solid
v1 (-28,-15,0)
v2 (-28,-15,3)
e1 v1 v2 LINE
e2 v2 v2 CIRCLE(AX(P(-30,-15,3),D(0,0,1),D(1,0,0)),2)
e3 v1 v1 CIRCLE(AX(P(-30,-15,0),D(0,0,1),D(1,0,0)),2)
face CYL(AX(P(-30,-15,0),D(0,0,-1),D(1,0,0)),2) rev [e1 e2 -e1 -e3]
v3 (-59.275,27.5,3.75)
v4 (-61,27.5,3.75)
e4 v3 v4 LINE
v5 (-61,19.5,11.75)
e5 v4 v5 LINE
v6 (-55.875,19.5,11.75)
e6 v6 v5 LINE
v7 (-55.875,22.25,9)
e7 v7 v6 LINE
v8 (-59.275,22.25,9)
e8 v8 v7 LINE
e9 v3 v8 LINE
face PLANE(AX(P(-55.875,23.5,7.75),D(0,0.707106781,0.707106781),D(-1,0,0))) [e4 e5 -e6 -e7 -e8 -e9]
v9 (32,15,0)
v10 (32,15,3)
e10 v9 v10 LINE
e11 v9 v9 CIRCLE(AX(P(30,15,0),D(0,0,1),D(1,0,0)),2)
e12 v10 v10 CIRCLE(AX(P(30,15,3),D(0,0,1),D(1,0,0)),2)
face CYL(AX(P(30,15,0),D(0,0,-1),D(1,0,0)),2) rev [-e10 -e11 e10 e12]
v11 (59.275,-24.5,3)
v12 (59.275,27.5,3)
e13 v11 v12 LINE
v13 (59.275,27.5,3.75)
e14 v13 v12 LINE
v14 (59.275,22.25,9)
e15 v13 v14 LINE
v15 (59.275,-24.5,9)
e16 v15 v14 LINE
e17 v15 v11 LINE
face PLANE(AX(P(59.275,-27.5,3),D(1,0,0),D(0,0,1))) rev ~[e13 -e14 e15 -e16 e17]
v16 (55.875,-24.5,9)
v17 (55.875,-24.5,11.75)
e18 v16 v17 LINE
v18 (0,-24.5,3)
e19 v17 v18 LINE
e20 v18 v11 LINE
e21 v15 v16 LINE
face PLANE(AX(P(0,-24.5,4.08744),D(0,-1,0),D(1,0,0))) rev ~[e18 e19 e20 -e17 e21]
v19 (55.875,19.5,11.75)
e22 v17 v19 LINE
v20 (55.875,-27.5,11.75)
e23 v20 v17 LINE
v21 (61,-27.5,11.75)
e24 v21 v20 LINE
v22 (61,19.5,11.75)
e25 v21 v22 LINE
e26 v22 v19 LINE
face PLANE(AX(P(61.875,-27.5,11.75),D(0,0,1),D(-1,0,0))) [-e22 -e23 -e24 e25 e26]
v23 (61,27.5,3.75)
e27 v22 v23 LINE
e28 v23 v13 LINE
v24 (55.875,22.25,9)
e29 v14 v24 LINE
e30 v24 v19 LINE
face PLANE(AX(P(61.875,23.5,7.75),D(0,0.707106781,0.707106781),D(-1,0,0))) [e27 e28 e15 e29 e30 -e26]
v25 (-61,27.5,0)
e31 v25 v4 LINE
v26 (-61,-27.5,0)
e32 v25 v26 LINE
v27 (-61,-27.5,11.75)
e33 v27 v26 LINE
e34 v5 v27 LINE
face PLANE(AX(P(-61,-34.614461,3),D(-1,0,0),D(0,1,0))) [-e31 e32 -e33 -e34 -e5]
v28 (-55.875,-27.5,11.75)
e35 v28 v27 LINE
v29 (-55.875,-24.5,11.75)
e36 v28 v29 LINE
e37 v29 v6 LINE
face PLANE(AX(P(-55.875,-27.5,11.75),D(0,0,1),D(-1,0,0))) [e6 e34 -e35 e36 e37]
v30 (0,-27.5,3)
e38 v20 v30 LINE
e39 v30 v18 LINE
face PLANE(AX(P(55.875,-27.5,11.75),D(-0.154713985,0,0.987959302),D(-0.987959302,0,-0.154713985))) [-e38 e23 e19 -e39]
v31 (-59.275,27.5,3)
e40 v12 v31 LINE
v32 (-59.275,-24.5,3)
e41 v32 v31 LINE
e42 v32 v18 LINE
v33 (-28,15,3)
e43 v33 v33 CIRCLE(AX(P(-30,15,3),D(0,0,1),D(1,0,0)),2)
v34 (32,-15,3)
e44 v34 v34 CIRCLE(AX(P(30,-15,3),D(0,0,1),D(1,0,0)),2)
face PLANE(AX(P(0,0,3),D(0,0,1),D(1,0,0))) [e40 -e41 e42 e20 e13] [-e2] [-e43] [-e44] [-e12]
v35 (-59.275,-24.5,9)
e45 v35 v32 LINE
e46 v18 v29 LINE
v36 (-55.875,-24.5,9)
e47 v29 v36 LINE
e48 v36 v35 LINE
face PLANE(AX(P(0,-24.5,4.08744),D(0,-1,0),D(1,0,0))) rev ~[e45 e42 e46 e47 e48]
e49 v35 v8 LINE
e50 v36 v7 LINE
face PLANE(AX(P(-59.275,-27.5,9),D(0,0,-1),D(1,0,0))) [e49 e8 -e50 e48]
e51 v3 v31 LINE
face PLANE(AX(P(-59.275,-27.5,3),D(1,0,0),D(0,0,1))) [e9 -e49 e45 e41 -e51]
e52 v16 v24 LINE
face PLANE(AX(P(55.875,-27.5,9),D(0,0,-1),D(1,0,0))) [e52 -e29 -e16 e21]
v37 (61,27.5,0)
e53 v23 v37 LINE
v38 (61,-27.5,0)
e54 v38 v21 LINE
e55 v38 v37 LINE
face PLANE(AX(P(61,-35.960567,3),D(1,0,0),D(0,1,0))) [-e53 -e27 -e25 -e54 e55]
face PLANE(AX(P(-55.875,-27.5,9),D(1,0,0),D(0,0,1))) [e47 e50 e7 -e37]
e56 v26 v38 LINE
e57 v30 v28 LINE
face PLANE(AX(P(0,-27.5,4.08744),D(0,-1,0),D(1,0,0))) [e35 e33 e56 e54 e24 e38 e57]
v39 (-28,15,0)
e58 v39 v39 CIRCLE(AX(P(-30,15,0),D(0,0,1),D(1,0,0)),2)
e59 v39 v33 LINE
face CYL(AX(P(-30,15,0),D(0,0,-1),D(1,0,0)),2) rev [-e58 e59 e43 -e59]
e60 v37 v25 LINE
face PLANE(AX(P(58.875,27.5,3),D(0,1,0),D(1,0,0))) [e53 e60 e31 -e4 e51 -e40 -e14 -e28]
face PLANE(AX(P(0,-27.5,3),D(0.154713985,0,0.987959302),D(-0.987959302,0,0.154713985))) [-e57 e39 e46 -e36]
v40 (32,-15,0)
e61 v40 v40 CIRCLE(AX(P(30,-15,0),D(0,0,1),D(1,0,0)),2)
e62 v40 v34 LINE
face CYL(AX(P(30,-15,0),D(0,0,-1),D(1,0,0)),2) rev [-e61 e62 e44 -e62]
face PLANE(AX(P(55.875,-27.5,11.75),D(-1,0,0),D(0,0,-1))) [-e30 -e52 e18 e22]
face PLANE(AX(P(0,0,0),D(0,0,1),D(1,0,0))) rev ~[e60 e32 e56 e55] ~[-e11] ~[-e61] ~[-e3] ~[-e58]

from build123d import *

# Parameters (mm, degrees)
F0_W      = 120
F0_H      = 55
F0_R      = 2
F1_DEPTH  = 3
F2_W      = 1.125
F2_H      = 55
F3_DEPTH  = 6
F5_DEPTH  = 55
F6_W      = 0.4
F6_H      = 6
F7_DEPTH  = 56.2
F9_DEPTH  = 3
F10_SIZE  = 8
F11_W     = 9.086206
F11_H     = 67.30528
F11_W_2   = 12.61974
F11_H_2   = 69.156178
F12_DEPTH = 12.5


with BuildPart() as f1:
    # F0 (on Top) → F1 (new body)
    with BuildSketch(Plane.XY):
        Rectangle(F0_W, F0_H)
        with Locations((-30, -15)):
            Circle(F0_R, mode=Mode.SUBTRACT)
        with Locations((30, -15)):
            Circle(F0_R, mode=Mode.SUBTRACT)
        with Locations((-30, 15)):
            Circle(F0_R, mode=Mode.SUBTRACT)
        with Locations((30, 15)):
            Circle(F0_R, mode=Mode.SUBTRACT)
    extrude(amount=F1_DEPTH)

    # F2 (on face) → F3 (join)
    with BuildSketch(Plane.XY.offset(3)):
        with Locations((59.4375, 0)):
            Rectangle(F2_W, F2_H)
        with Locations((-59.4375, 0)):
            Rectangle(F2_W, F2_H)
    extrude(amount=F3_DEPTH)

    # F4 (on face) → F5 (join)
    with BuildSketch(Plane.XZ.offset(27.5)):
        Polygon((-52.744724, 0), (-58.875, 3), (-58.875, 9), (-55.875, 9), (-55.875, 11.75), (-61.875, 11.75), (-61.875, 0), align=None)
        Polygon((61.875, 11.75), (55.875, 11.75), (55.875, 9), (58.875, 9), (58.875, 3), (52.744724, 0), (61.875, 0), align=None)
    extrude(amount=-F5_DEPTH)

    # F6 (on face) → F7 (cut)
    with BuildSketch(Plane.XZ.offset(27.5)):
        with Locations((-59.075, 6)):
            Rectangle(F6_W, F6_H)
        with Locations((59.075, 6)):
            Rectangle(F6_W, F6_H)
    extrude(amount=-F7_DEPTH, mode=Mode.SUBTRACT)

    # F8 (on face) → F9 (join)
    with BuildSketch(Plane.XZ.offset(27.5)):
        Polygon((0, 3), (-55.875, 11.75), (-61.875, 11.75), (-61.875, 0), (61.875, 0), (61.875, 11.75), (55.875, 11.75), align=None)
    extrude(amount=-F9_DEPTH)

    # F10
    f10_edges = [f1.edges().sort_by_distance(p)[0] for p in [
        (58.875, 27.5, 11.75),
        (-58.875, 27.5, 11.75),
    ]]
    chamfer(f10_edges, length=F10_SIZE)

    # F11 (on face) → F12 (cut, symmetric)
    with BuildSketch(Plane.XY.offset(3)):
        with Locations((-65.543103, -0.961821)):
            Rectangle(F11_W, F11_H)
        with Locations((67.30987, -1.382478)):
            Rectangle(F11_W_2, F11_H_2)
    extrude(amount=F12_DEPTH, both=True, mode=Mode.SUBTRACT)


solid = f1.part
